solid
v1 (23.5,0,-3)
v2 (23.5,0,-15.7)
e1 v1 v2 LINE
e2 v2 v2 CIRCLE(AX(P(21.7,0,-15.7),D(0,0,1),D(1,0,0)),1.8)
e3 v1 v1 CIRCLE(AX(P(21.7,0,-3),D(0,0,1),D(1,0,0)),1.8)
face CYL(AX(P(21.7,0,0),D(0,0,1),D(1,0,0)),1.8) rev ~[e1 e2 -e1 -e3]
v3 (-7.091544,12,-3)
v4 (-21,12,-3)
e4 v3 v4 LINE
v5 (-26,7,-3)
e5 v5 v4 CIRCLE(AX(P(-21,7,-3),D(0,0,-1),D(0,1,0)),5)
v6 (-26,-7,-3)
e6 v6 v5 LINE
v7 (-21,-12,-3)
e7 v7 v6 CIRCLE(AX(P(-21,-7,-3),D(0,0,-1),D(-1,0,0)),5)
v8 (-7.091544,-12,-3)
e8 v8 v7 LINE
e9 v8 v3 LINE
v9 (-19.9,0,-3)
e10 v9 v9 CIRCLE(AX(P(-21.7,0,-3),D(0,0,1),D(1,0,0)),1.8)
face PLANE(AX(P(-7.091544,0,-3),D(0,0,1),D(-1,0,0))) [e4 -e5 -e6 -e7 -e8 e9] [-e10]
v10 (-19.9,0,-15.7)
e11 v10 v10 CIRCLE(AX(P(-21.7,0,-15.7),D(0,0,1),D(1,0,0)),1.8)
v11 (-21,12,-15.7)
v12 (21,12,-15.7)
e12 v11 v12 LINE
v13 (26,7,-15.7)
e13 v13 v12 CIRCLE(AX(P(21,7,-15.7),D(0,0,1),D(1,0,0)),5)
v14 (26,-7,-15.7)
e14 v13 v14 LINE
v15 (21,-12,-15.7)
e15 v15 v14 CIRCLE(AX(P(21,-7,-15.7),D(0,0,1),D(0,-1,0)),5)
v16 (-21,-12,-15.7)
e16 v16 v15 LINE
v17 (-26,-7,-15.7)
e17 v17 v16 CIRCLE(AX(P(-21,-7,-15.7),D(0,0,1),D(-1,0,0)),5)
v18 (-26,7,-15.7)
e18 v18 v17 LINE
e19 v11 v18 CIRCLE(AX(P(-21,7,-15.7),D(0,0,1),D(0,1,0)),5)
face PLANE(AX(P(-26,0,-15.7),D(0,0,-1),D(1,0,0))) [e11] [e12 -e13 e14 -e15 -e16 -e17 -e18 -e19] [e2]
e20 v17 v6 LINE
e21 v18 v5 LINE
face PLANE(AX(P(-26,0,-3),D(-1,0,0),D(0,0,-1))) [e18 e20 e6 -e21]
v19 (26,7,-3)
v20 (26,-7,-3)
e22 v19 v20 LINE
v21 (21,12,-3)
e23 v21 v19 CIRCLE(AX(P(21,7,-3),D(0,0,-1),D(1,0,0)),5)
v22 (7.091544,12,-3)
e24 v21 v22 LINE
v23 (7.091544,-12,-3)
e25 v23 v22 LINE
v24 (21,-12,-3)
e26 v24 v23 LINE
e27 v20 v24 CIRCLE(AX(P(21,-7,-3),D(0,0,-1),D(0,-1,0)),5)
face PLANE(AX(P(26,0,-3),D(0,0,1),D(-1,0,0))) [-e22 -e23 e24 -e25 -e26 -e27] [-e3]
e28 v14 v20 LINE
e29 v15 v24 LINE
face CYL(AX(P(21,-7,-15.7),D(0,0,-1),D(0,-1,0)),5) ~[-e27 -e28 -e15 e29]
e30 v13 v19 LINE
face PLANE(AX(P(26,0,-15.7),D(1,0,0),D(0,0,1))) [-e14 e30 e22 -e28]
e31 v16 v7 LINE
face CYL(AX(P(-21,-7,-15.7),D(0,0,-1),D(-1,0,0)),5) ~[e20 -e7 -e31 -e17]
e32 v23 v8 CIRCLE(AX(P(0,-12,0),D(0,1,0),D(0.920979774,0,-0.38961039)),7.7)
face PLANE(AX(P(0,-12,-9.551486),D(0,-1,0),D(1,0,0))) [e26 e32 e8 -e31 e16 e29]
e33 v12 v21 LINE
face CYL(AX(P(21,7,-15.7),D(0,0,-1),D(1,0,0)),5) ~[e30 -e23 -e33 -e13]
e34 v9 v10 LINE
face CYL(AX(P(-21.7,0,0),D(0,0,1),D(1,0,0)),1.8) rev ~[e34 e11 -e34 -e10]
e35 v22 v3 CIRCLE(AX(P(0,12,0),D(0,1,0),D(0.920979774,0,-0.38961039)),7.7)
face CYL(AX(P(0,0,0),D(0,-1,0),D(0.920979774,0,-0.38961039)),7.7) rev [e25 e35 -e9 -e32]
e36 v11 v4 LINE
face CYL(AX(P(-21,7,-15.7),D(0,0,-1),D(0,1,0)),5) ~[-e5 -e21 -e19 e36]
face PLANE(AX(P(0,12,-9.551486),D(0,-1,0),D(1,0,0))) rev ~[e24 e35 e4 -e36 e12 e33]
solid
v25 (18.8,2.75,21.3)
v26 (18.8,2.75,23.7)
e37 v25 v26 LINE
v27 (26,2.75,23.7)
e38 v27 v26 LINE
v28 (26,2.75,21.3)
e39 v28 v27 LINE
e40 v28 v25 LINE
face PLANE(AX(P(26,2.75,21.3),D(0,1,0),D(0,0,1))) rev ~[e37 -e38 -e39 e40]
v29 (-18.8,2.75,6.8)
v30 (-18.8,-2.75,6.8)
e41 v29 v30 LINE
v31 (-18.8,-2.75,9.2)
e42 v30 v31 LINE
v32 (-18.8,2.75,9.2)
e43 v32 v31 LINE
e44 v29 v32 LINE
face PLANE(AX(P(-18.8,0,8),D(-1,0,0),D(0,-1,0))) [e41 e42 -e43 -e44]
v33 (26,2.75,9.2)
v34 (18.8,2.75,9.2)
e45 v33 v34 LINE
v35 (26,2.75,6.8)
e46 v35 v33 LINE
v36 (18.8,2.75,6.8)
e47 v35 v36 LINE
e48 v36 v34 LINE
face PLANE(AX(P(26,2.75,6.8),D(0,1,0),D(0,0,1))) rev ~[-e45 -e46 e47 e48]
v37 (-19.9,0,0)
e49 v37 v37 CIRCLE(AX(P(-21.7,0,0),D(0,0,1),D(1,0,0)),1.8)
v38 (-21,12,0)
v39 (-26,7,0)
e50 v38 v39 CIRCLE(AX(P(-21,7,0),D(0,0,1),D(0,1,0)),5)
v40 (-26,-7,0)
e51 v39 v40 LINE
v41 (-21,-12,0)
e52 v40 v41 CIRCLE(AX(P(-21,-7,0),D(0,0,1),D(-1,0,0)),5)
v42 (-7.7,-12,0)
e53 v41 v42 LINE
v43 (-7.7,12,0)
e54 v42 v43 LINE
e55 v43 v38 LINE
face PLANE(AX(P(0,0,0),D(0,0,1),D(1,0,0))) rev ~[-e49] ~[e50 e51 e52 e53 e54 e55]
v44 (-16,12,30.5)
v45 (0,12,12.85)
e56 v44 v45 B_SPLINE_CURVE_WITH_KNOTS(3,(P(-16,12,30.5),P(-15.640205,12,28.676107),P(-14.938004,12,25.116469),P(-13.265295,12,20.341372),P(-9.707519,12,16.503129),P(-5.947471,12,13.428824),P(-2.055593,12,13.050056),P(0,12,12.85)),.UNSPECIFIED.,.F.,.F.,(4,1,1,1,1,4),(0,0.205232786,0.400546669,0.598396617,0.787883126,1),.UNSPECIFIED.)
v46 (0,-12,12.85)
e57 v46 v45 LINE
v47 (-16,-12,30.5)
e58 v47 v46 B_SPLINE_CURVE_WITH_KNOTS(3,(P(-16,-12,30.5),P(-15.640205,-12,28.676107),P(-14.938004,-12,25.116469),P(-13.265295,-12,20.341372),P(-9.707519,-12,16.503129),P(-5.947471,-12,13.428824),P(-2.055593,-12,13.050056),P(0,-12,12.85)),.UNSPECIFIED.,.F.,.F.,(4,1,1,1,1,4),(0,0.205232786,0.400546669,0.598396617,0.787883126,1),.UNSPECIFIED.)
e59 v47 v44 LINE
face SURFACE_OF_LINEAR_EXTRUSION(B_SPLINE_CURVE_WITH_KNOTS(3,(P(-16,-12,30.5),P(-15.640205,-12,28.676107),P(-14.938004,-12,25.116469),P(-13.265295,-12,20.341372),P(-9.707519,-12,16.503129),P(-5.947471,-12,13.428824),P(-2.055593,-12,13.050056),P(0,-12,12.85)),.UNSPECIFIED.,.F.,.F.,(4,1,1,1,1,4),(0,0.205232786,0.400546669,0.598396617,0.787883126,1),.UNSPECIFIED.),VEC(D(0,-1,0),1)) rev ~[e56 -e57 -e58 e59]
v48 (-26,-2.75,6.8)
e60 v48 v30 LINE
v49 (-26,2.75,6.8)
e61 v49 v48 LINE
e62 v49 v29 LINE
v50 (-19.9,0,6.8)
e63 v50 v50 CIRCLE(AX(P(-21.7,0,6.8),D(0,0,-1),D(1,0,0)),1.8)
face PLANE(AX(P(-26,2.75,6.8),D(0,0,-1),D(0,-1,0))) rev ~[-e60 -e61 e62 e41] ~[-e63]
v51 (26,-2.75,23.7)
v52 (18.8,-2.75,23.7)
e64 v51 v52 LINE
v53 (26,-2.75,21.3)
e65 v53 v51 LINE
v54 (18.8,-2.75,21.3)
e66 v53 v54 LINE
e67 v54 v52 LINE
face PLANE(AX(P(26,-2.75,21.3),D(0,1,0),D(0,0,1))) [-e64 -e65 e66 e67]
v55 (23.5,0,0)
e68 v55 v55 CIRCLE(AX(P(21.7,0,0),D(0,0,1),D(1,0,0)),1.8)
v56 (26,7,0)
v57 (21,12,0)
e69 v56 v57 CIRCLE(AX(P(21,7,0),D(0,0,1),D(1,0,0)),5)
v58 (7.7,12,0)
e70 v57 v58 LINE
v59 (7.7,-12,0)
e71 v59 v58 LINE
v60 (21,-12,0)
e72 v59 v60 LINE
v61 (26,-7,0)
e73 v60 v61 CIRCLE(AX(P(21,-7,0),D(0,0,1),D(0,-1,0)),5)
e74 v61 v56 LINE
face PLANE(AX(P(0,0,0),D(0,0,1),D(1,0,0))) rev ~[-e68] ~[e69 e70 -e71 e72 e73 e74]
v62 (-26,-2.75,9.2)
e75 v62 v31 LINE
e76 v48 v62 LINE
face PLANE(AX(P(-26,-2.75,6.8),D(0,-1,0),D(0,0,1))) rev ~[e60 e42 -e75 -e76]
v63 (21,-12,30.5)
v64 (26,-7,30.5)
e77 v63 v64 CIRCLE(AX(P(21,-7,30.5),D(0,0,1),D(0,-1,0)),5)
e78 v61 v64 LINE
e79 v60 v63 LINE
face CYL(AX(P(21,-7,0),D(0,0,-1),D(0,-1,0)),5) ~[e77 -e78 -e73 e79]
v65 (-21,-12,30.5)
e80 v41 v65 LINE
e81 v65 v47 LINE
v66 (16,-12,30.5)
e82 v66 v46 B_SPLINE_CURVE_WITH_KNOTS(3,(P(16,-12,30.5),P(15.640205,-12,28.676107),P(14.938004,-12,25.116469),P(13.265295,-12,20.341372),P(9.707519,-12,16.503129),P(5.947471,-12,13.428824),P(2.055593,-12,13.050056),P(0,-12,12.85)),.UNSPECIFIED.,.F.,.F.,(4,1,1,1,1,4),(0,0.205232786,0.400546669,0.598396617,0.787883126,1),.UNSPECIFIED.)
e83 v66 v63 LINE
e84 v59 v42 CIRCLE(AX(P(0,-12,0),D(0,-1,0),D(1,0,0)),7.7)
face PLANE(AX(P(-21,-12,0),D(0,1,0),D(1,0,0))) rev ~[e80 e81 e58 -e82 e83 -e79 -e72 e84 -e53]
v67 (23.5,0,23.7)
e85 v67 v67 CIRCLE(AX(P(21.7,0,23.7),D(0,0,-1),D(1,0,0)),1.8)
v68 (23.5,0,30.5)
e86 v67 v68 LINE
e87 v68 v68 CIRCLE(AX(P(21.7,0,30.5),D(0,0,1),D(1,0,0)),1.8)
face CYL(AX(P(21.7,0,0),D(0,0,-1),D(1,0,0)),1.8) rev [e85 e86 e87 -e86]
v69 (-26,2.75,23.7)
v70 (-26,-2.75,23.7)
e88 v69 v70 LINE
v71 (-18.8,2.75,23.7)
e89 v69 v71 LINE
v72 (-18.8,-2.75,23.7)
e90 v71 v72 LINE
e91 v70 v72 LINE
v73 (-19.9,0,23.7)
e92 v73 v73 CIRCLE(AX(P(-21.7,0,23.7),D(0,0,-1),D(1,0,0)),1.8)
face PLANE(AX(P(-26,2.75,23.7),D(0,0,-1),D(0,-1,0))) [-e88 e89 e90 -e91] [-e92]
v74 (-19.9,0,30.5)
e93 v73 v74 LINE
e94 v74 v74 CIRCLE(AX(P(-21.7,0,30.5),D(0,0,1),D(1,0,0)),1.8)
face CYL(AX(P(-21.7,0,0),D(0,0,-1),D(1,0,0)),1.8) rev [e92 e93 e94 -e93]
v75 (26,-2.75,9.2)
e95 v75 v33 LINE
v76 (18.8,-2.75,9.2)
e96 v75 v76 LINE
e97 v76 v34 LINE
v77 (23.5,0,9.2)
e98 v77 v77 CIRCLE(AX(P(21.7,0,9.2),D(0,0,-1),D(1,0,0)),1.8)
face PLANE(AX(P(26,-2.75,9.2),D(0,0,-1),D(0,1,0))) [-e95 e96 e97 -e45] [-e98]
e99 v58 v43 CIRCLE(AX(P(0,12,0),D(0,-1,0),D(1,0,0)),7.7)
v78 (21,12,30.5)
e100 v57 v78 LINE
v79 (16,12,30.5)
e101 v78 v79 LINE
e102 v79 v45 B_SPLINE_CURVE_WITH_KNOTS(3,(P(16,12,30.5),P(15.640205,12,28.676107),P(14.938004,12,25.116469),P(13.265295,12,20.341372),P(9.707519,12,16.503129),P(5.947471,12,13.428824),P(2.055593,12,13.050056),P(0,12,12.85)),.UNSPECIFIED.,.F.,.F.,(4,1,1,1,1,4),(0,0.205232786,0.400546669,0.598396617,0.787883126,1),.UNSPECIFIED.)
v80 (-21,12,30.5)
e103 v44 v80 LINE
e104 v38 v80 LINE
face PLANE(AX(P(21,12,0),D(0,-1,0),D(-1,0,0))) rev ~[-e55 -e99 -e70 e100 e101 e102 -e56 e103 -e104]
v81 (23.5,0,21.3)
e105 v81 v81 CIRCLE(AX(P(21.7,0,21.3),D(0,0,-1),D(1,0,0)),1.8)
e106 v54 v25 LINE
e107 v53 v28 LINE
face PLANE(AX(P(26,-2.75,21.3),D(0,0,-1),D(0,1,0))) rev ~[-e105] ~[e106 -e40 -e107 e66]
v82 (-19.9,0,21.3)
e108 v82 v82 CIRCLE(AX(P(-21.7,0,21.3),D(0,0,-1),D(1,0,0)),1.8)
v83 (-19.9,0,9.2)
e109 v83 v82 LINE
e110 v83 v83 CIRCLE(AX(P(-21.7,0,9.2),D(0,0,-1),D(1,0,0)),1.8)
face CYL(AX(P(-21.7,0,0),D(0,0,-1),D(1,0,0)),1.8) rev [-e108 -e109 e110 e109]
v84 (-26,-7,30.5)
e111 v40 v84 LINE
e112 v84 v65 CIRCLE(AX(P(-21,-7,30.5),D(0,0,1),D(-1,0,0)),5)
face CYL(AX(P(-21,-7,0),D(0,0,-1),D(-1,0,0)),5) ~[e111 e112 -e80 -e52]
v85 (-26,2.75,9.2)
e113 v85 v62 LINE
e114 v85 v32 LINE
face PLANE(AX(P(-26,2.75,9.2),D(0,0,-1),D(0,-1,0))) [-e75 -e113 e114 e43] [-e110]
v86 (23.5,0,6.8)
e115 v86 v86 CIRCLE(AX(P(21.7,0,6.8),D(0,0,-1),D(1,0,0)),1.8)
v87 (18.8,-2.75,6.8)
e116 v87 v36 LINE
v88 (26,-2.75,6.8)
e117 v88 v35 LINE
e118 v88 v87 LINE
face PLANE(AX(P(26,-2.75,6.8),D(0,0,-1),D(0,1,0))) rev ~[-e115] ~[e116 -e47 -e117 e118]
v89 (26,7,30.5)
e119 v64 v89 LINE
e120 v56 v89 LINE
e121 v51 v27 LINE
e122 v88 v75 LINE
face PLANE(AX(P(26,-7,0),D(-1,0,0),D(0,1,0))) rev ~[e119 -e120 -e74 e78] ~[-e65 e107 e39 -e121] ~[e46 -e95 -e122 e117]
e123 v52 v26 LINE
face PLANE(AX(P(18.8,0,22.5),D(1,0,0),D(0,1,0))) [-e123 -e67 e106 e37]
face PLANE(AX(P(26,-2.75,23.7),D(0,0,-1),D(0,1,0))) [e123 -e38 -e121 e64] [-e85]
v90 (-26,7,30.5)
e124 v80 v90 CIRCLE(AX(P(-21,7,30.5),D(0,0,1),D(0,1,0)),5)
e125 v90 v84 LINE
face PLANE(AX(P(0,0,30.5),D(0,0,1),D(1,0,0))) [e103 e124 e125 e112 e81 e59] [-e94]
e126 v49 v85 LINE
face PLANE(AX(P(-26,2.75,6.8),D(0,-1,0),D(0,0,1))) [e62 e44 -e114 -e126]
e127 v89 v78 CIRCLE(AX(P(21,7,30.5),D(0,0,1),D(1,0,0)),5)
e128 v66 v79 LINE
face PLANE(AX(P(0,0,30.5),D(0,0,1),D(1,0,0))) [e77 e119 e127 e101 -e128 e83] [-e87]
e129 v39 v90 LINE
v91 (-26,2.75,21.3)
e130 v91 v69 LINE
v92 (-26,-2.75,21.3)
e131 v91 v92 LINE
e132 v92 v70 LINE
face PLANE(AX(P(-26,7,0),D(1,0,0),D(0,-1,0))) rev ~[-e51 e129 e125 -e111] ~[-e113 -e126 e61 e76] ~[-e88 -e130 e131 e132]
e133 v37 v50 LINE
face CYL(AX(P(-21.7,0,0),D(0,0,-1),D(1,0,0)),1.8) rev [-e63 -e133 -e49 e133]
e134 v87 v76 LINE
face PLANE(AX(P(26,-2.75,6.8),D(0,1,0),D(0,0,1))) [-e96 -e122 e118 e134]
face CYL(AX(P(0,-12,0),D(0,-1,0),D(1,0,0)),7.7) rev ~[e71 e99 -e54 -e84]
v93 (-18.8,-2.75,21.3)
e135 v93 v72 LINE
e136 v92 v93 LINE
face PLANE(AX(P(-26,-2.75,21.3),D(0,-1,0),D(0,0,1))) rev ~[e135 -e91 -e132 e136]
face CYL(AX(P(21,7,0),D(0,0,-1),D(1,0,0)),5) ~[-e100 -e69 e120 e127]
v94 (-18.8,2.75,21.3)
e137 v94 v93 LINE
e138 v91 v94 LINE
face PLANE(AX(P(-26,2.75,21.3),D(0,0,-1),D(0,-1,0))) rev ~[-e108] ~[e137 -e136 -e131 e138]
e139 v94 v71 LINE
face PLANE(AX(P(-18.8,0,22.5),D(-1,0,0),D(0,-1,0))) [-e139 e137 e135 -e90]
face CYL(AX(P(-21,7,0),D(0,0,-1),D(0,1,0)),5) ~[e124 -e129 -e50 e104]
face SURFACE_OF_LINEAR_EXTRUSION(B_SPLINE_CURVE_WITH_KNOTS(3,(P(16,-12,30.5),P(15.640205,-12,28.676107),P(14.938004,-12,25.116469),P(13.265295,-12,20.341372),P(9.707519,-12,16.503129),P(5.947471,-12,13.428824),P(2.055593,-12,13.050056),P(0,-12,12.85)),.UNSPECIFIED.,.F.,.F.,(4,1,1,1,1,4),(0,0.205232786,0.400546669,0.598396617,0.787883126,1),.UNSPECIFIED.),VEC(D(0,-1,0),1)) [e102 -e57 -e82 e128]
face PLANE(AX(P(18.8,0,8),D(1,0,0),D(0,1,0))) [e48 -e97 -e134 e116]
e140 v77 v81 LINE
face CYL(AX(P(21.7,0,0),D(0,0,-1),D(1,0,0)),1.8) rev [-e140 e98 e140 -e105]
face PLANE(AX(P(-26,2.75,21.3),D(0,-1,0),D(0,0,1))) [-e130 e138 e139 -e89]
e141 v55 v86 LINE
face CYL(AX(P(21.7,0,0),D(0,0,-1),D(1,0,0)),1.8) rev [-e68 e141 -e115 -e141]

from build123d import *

# Parameters (mm, degrees)
F0_R      = 1.8
F1_DEPTH  = 30.5
F3_DEPTH  = 24
F4_DEPTH  = 24
F5_W      = 5.5
F5_H      = 2.4
F6_DEPTH  = 7.2
F7_W      = 5.5
F7_H      = 2.4
F8_DEPTH  = 7.2
F10_DEPTH = 12
F12_DEPTH = 15.7
F13_DEPTH = 25


with BuildPart() as f1:
    # F0 (on Top) → F1 (new body)
    with BuildSketch(Plane.XY):
        with BuildLine():
            Line((21, 12), (-21, 12))
            ThreePointArc((-21, 12), (-24.5355339059, 10.5355339059), (-26, 7))
            Line((-26, 7), (-26, -7))
            ThreePointArc((-26, -7), (-24.5355339059, -10.5355339059), (-21, -12))
            Line((-21, -12), (21, -12))
            ThreePointArc((21, -12), (24.5355339059, -10.5355339059), (26, -7))
            Line((26, -7), (26, 7))
            ThreePointArc((26, 7), (24.5355339059, 10.5355339059), (21, 12))
        make_face()
        with Locations((-21.7, 0)):
            Circle(F0_R, mode=Mode.SUBTRACT)
        with Locations((21.7, 0)):
            Circle(F0_R, mode=Mode.SUBTRACT)
    extrude(amount=F1_DEPTH)

    # F2 (on face) → F3 (cut)
    with BuildSketch(Plane.XZ.offset(12)):
        with BuildLine():
            Line((-7.7, 0), (7.7, 0))
            ThreePointArc((7.7, 0), (0, 7.7), (-7.7, 0))
        make_face()
    extrude(amount=-F3_DEPTH, mode=Mode.SUBTRACT)

    # F2 (on face) → F4 (cut)
    with BuildSketch(Plane.XZ.offset(12)):
        with BuildLine():
            add(Edge.make_bspline(
                [(16, 30.5), (15.6402049563, 28.676106739), (14.9380037687, 25.116469005), (13.2652945813, 20.3413719416), (9.7075187386, 16.503128812), (5.9474712871, 13.4288235739), (2.0555929251, 13.0500557188), (0, 12.85)],
                knots=[0, 0, 0, 0, 0.2052327864, 0.4005466691, 0.5983966169, 0.7878831258, 1, 1, 1, 1], degree=3))
            Line((16, 30.5), (0, 30.5))
            Line((0, 30.5), (-16, 30.5))
            add(Edge.make_bspline(
                [(-16, 30.5), (-15.6402049563, 28.676106739), (-14.9380037687, 25.116469005), (-13.2652945813, 20.3413719416), (-9.7075187386, 16.503128812), (-5.9474712871, 13.4288235739), (-2.0555929251, 13.0500557188), (0, 12.85)],
                knots=[0, 0, 0, 0, 0.2052327864, 0.4005466691, 0.5983966169, 0.7878831258, 1, 1, 1, 1], degree=3))
        make_face()
    extrude(amount=-F4_DEPTH, mode=Mode.SUBTRACT)

    # F5 (on face) → F6 (cut)
    with BuildSketch(Plane(origin=(-26, 0, 0), x_dir=(0, -1, 0), z_dir=(-1, 0, 0))):
        with Locations((0, 8)):
            Rectangle(F5_W, F5_H)
        with Locations((0, 22.5)):
            Rectangle(F5_W, F5_H)
    extrude(amount=-F6_DEPTH, mode=Mode.SUBTRACT)

    # F7 (on face) → F8 (cut)
    with BuildSketch(Plane.YZ.offset(26)):
        with Locations((0, 8)):
            Rectangle(F7_W, F7_H)
        with Locations((0, 22.5)):
            Rectangle(F7_W, F7_H)
    extrude(amount=-F8_DEPTH, mode=Mode.SUBTRACT)


with BuildPart() as f10:
    # F9 (on Front) → F10 (new body, symmetric)
    with BuildSketch(Plane.XZ):
        with BuildLine():
            Line((-26, -3), (-26, -15.7))
            Line((-26, -15.7), (26, -15.7))
            Line((26, -15.7), (26, -3))
            Line((26, -3), (7.0915442606, -3))
            ThreePointArc((7.0915442606, -3), (0, -7.7), (-7.0915442606, -3))
            Line((-7.0915442606, -3), (-26, -3))
        make_face()
    extrude(amount=F10_DEPTH, both=True)

    # F11 (on face) → F12 (cut)
    with BuildSketch(Plane(origin=(0, 0, -15.7), x_dir=(1, 0, 0), z_dir=(0, 0, -1))):
        with BuildLine():
            Line((26, 12), (21, 12))
            ThreePointArc((21, 12), (24.5355339059, 10.5355339059), (26, 7))
            Line((26, 7), (26, 12))
        make_face()
        with BuildLine():
            Line((26, -12), (26, -7))
            ThreePointArc((26, -7), (24.5355339059, -10.5355339059), (21, -12))
            Line((21, -12), (26, -12))
        make_face()
        with BuildLine():
            ThreePointArc((-21, -12), (-24.5355339059, -10.5355339059), (-26, -7))
            Line((-26, -7), (-26, -12))
            Line((-26, -12), (-21, -12))
        make_face()
        with BuildLine():
            ThreePointArc((-26, 7), (-24.5355339059, 10.5355339059), (-21, 12))
            Line((-21, 12), (-26, 12))
            Line((-26, 12), (-26, 7))
        make_face()
    extrude(amount=-F12_DEPTH, mode=Mode.SUBTRACT)

    # F0 (on Top) → F13 (cut)
    with BuildSketch(Plane.XY):
        with Locations((-21.7, 0)):
            Circle(F0_R)
        with Locations((21.7, 0)):
            Circle(F0_R)
    extrude(amount=-F13_DEPTH, mode=Mode.SUBTRACT)


solid = Compound([f1.part, f10.part])
